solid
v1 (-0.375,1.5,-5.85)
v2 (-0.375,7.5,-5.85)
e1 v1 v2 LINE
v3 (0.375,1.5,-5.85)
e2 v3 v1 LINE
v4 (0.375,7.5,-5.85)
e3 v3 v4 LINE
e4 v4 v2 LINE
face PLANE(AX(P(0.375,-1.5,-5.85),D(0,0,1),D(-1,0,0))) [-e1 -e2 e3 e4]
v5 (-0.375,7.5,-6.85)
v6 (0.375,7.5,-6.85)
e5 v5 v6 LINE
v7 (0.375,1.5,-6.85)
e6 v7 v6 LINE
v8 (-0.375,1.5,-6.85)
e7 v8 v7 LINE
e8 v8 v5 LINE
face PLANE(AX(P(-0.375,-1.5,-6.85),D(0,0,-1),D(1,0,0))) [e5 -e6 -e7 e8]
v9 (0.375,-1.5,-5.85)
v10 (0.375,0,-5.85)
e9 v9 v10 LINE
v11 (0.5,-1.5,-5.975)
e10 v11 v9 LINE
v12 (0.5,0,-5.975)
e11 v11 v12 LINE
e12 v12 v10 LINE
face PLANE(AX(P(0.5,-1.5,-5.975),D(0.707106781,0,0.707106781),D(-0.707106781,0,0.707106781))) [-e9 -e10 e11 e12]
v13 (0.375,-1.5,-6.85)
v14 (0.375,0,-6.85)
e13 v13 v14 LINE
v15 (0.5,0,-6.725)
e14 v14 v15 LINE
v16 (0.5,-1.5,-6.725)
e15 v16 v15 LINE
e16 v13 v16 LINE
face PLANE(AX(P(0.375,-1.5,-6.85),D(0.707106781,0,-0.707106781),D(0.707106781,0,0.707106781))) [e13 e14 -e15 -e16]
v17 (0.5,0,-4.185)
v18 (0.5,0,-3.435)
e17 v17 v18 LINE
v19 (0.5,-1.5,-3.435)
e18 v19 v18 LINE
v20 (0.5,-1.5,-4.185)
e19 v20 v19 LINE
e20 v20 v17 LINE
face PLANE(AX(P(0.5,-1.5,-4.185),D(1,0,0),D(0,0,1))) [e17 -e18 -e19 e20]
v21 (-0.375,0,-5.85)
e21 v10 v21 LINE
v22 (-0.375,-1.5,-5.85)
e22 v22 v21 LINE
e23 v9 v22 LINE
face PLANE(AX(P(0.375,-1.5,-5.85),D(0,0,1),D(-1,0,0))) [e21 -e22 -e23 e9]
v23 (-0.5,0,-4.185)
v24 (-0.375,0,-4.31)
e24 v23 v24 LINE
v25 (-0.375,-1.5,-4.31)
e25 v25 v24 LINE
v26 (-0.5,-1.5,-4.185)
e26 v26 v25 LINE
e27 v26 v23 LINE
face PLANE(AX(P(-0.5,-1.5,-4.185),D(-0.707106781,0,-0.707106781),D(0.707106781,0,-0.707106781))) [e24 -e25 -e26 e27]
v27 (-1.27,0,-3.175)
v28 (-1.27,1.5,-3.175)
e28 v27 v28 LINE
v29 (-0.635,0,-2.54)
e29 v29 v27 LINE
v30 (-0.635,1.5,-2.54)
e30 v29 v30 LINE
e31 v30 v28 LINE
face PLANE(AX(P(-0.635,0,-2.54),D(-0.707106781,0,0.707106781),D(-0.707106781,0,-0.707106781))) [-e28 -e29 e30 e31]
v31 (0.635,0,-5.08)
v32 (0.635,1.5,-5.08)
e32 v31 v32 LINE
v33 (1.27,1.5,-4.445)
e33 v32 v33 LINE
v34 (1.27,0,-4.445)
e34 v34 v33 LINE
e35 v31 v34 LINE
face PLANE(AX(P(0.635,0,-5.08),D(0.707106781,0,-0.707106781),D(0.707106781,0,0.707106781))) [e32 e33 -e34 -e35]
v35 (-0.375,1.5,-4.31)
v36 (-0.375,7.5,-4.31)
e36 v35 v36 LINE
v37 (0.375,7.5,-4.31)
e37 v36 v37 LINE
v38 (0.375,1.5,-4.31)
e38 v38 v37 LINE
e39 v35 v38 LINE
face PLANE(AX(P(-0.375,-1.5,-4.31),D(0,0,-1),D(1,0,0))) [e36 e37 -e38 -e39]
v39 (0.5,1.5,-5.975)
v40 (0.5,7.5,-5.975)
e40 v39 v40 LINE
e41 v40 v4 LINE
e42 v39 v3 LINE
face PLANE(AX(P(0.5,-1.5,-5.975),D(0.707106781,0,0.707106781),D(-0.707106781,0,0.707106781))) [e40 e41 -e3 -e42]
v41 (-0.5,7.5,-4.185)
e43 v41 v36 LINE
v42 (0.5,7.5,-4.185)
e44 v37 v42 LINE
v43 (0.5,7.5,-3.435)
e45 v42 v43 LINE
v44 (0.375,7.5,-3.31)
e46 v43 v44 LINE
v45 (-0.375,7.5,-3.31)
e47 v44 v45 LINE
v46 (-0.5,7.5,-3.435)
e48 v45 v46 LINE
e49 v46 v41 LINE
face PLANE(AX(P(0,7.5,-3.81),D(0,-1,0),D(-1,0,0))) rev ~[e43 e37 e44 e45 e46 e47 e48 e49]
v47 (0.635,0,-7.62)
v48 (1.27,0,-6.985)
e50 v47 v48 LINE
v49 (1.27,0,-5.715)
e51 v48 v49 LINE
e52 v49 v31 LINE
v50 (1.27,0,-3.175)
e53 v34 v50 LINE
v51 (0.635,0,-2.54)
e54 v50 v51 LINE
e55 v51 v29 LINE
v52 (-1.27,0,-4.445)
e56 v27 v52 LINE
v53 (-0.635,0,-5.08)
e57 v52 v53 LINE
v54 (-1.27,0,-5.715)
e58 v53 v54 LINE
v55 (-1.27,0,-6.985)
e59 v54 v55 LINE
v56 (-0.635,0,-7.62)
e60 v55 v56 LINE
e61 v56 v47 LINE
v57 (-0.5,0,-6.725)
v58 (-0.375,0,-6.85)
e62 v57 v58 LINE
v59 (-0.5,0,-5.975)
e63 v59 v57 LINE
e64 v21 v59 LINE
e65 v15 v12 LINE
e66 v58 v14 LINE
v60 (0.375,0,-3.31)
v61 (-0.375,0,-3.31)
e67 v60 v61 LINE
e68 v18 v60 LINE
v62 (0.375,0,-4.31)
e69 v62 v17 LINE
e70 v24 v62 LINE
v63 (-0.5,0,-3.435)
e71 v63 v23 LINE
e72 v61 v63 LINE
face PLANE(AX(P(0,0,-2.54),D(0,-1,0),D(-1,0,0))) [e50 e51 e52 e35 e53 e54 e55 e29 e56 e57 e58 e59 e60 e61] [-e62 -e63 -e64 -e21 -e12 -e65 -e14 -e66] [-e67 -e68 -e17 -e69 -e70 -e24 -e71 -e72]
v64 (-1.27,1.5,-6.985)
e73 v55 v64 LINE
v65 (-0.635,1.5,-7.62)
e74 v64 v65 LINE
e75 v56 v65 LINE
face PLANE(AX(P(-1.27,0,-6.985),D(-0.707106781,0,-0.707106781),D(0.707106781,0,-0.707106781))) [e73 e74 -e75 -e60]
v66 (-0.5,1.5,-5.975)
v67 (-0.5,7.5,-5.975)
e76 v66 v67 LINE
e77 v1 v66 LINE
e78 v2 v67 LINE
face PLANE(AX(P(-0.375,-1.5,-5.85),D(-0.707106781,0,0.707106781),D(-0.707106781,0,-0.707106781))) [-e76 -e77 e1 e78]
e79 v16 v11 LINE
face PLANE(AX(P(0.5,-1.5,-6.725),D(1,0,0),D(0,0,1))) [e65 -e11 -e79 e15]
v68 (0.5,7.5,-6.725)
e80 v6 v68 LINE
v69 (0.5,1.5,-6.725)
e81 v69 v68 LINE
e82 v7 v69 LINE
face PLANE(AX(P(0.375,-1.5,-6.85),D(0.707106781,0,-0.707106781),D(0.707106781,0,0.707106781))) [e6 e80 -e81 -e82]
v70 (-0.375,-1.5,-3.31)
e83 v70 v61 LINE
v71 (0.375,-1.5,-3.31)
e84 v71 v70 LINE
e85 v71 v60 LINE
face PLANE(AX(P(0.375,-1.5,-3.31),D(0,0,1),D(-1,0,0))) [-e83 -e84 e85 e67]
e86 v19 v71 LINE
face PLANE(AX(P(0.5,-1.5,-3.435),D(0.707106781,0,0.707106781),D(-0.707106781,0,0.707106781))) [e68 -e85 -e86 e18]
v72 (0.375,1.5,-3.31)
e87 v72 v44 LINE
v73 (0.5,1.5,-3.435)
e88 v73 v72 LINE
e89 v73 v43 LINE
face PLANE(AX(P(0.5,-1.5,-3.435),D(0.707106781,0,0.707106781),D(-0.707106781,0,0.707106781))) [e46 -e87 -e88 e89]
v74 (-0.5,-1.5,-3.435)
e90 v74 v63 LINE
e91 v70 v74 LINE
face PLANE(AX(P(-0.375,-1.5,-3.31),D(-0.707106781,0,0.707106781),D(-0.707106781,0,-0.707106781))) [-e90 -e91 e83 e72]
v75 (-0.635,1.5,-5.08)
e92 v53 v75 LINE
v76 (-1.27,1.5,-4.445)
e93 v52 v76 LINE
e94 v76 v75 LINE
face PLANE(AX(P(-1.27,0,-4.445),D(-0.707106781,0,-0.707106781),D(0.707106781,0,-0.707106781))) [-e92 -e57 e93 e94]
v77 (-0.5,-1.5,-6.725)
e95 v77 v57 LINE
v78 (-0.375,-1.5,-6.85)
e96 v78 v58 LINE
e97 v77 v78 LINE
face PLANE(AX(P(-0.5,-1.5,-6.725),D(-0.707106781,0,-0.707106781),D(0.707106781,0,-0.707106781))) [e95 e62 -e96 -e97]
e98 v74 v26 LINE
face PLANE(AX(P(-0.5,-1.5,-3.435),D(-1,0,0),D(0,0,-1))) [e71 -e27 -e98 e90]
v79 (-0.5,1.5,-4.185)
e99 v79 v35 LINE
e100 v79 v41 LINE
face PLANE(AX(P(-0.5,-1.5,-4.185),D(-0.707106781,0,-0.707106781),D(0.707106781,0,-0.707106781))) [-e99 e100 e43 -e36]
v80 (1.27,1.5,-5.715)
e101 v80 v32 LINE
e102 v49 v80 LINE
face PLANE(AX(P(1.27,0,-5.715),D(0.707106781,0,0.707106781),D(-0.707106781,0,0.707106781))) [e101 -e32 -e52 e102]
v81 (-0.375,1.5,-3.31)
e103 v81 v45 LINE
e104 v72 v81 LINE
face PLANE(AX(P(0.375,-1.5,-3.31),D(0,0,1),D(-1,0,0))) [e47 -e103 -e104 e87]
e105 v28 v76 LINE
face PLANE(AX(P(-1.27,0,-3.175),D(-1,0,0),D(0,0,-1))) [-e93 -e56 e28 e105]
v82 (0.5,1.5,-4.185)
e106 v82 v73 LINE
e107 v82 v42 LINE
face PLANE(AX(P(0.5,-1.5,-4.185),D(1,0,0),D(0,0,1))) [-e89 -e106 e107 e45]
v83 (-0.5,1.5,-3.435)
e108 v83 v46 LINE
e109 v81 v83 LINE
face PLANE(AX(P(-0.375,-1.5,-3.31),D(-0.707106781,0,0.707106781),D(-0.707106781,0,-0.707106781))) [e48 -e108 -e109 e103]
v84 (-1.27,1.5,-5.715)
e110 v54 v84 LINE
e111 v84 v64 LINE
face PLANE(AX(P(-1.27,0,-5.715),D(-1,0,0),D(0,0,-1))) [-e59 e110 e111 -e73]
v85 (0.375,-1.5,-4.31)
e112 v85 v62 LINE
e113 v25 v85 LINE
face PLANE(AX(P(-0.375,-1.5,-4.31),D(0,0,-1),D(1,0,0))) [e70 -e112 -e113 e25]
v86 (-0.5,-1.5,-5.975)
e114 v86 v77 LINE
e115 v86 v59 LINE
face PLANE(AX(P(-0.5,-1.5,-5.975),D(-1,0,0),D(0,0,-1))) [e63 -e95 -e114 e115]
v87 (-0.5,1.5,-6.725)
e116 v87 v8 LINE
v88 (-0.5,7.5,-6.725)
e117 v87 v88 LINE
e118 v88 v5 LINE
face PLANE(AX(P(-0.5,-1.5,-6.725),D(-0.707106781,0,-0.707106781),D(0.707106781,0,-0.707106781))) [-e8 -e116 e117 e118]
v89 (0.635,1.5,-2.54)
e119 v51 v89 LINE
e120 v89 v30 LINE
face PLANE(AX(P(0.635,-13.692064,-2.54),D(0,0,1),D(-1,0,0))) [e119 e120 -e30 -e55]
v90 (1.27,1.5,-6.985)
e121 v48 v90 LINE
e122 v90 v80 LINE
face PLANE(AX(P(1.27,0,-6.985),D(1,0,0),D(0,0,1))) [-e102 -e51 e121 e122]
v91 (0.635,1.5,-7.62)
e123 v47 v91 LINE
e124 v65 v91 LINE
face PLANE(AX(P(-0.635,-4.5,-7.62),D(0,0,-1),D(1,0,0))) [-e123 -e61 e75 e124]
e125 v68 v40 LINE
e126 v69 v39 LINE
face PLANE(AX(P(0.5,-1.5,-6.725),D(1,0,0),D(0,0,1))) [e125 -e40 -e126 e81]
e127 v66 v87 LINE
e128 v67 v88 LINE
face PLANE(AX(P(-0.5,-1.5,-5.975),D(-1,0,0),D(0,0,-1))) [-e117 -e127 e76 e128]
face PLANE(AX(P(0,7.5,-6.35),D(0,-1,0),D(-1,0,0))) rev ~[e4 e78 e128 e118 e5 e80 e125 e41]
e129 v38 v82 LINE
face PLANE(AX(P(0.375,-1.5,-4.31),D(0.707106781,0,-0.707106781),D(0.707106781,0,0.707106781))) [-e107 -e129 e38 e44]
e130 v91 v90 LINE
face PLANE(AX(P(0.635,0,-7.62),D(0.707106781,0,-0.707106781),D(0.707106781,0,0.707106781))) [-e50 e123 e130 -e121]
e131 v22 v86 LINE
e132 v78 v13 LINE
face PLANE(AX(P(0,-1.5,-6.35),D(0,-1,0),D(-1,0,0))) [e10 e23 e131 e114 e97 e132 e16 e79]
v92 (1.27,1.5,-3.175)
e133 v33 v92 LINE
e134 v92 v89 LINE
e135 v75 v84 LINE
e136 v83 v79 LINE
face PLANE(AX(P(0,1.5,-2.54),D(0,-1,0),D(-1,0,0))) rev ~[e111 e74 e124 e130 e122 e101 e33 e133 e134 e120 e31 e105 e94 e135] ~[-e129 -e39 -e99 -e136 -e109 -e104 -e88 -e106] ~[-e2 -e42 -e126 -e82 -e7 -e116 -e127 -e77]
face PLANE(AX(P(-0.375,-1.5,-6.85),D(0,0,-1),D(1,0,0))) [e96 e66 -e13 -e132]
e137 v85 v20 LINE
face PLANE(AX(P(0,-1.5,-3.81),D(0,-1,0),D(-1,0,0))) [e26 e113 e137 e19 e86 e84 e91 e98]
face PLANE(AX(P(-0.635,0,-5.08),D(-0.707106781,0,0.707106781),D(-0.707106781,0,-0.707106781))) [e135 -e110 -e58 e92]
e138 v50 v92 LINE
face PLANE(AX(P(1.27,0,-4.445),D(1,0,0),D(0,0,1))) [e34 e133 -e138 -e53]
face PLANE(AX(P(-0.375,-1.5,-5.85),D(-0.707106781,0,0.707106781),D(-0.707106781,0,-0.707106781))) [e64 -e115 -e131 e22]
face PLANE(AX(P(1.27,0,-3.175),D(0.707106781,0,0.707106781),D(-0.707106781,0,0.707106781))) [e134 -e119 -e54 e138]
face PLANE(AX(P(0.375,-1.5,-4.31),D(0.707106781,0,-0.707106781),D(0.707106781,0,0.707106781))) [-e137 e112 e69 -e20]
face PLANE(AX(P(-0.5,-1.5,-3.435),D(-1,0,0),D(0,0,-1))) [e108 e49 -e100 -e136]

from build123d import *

# Parameters (mm, degrees)
BOSS_EXTRUDE1_DEPTH      = 1.5
BOSS_EXTRUDE2_DEPTH      = 6
BOSS_EXTRUDE2_DEPTH_BACK = 3
CUT_EXTRUDE1_DEPTH       = 13.69206445
CUT_EXTRUDE1_DEPTH_BACK  = 13.69206445
CUT_EXTRUDE2_DEPTH       = 6
CUT_EXTRUDE2_DEPTH_BACK  = 6


with BuildPart() as part:
    # Sketch1 → Boss-Extrude1 (new body)
    with BuildSketch(Plane(origin=(0, 0, 0), x_dir=(1, 0, 0), z_dir=(0, 1, 0))):
        Polygon((-0.635, 10.16), (0.635, 10.16), (1.27, 9.525), (1.27, 8.255), (0.635, 7.62), (1.27, 6.985), (1.27, 5.715), (0.635, 5.08), (1.27, 4.445), (1.27, 3.175), (0.635, 2.54), (1.27, 1.905), (1.27, 0.635), (0.635, 0), (1.27, -0.635), (1.27, -1.905), (0.635, -2.54), (1.27, -3.175), (1.27, -4.445), (0.635, -5.08), (-0.635, -5.08), (-1.27, -4.445), (-1.27, -3.175), (-0.635, -2.54), (-1.27, -1.905), (-1.27, -0.635), (-0.635, 0), (-1.27, 0.635), (-1.27, 1.905), (-0.635, 2.54), (-1.27, 3.175), (-1.27, 4.445), (-0.635, 5.08), (-1.27, 5.715), (-1.27, 6.985), (-0.635, 7.62), (-1.27, 8.255), (-1.27, 9.525), align=None)
    extrude(amount=BOSS_EXTRUDE1_DEPTH)

    # Sketch3 → Boss-Extrude2 (add, two sides: drawn at the far end of the back side and taken through both)
    with BuildSketch(Plane(origin=(0, 1.5, 0), x_dir=(1, 0, 0), z_dir=(0, 1, 0)).offset(-BOSS_EXTRUDE2_DEPTH_BACK)):
        Polygon((0.375, 9.39), (0.5, 9.265), (0.5, 8.515), (0.375, 8.39), (-0.375, 8.39), (-0.5, 8.515), (-0.5, 9.265), (-0.375, 9.39), align=None)
        Polygon((0.375, 6.85), (0.5, 6.725), (0.5, 5.975), (0.375, 5.85), (-0.375, 5.85), (-0.5, 5.975), (-0.5, 6.725), (-0.375, 6.85), align=None)
        Polygon((0.375, 4.31), (0.5, 4.185), (0.5, 3.435), (0.375, 3.31), (-0.375, 3.31), (-0.5, 3.435), (-0.5, 4.185), (-0.375, 4.31), align=None)
        Polygon((0.375, 1.77), (0.5, 1.645), (0.5, 0.895), (0.375, 0.77), (-0.375, 0.77), (-0.5, 0.895), (-0.5, 1.645), (-0.375, 1.77), align=None)
        Polygon((0.375, -0.77), (0.5, -0.895), (0.5, -1.645), (0.375, -1.77), (-0.375, -1.77), (-0.5, -1.645), (-0.5, -0.895), (-0.375, -0.77), align=None)
        Polygon((0.375, -3.31), (0.5, -3.435), (0.5, -4.185), (0.375, -4.31), (-0.375, -4.31), (-0.5, -4.185), (-0.5, -3.435), (-0.375, -3.31), align=None)
    extrude(amount=BOSS_EXTRUDE2_DEPTH + BOSS_EXTRUDE2_DEPTH_BACK)

    # Sketch4 → Cut-Extrude1 (cut, two sides: drawn at the far end of the back side and taken through both)
    with BuildSketch(Plane(origin=(0, 0, 0), x_dir=(1, 0, 0), z_dir=(0, 1, 0)).offset(-CUT_EXTRUDE1_DEPTH_BACK)):
        Polygon((0.635, 2.54), (-0.635, 2.54), (-3.551273802, 2.145414022), (-3.551273802, -5.54901255), (3.518391637, -6.305302341), (3.518391637, 1.323359901), align=None)
    extrude(amount=CUT_EXTRUDE1_DEPTH + CUT_EXTRUDE1_DEPTH_BACK, mode=Mode.SUBTRACT)

    # Sketch5 → Cut-Extrude2 (cut, two sides: drawn at the far end of the back side and taken through both)
    with BuildSketch(Plane(origin=(0, 1.5, 0), x_dir=(1, 0, 0), z_dir=(0, 1, 0)).offset(-CUT_EXTRUDE2_DEPTH_BACK)):
        Polygon((-0.635, 7.62), (0.635, 7.62), (3.304657566, 8.536663962), (1.969828783, 11.132382054), (-2.565180809, 11.132382054), (-2.565180809, 10.824604991), (-2.565180809, 7.895726944), align=None)
    extrude(amount=CUT_EXTRUDE2_DEPTH + CUT_EXTRUDE2_DEPTH_BACK, mode=Mode.SUBTRACT)


solid = part.part
